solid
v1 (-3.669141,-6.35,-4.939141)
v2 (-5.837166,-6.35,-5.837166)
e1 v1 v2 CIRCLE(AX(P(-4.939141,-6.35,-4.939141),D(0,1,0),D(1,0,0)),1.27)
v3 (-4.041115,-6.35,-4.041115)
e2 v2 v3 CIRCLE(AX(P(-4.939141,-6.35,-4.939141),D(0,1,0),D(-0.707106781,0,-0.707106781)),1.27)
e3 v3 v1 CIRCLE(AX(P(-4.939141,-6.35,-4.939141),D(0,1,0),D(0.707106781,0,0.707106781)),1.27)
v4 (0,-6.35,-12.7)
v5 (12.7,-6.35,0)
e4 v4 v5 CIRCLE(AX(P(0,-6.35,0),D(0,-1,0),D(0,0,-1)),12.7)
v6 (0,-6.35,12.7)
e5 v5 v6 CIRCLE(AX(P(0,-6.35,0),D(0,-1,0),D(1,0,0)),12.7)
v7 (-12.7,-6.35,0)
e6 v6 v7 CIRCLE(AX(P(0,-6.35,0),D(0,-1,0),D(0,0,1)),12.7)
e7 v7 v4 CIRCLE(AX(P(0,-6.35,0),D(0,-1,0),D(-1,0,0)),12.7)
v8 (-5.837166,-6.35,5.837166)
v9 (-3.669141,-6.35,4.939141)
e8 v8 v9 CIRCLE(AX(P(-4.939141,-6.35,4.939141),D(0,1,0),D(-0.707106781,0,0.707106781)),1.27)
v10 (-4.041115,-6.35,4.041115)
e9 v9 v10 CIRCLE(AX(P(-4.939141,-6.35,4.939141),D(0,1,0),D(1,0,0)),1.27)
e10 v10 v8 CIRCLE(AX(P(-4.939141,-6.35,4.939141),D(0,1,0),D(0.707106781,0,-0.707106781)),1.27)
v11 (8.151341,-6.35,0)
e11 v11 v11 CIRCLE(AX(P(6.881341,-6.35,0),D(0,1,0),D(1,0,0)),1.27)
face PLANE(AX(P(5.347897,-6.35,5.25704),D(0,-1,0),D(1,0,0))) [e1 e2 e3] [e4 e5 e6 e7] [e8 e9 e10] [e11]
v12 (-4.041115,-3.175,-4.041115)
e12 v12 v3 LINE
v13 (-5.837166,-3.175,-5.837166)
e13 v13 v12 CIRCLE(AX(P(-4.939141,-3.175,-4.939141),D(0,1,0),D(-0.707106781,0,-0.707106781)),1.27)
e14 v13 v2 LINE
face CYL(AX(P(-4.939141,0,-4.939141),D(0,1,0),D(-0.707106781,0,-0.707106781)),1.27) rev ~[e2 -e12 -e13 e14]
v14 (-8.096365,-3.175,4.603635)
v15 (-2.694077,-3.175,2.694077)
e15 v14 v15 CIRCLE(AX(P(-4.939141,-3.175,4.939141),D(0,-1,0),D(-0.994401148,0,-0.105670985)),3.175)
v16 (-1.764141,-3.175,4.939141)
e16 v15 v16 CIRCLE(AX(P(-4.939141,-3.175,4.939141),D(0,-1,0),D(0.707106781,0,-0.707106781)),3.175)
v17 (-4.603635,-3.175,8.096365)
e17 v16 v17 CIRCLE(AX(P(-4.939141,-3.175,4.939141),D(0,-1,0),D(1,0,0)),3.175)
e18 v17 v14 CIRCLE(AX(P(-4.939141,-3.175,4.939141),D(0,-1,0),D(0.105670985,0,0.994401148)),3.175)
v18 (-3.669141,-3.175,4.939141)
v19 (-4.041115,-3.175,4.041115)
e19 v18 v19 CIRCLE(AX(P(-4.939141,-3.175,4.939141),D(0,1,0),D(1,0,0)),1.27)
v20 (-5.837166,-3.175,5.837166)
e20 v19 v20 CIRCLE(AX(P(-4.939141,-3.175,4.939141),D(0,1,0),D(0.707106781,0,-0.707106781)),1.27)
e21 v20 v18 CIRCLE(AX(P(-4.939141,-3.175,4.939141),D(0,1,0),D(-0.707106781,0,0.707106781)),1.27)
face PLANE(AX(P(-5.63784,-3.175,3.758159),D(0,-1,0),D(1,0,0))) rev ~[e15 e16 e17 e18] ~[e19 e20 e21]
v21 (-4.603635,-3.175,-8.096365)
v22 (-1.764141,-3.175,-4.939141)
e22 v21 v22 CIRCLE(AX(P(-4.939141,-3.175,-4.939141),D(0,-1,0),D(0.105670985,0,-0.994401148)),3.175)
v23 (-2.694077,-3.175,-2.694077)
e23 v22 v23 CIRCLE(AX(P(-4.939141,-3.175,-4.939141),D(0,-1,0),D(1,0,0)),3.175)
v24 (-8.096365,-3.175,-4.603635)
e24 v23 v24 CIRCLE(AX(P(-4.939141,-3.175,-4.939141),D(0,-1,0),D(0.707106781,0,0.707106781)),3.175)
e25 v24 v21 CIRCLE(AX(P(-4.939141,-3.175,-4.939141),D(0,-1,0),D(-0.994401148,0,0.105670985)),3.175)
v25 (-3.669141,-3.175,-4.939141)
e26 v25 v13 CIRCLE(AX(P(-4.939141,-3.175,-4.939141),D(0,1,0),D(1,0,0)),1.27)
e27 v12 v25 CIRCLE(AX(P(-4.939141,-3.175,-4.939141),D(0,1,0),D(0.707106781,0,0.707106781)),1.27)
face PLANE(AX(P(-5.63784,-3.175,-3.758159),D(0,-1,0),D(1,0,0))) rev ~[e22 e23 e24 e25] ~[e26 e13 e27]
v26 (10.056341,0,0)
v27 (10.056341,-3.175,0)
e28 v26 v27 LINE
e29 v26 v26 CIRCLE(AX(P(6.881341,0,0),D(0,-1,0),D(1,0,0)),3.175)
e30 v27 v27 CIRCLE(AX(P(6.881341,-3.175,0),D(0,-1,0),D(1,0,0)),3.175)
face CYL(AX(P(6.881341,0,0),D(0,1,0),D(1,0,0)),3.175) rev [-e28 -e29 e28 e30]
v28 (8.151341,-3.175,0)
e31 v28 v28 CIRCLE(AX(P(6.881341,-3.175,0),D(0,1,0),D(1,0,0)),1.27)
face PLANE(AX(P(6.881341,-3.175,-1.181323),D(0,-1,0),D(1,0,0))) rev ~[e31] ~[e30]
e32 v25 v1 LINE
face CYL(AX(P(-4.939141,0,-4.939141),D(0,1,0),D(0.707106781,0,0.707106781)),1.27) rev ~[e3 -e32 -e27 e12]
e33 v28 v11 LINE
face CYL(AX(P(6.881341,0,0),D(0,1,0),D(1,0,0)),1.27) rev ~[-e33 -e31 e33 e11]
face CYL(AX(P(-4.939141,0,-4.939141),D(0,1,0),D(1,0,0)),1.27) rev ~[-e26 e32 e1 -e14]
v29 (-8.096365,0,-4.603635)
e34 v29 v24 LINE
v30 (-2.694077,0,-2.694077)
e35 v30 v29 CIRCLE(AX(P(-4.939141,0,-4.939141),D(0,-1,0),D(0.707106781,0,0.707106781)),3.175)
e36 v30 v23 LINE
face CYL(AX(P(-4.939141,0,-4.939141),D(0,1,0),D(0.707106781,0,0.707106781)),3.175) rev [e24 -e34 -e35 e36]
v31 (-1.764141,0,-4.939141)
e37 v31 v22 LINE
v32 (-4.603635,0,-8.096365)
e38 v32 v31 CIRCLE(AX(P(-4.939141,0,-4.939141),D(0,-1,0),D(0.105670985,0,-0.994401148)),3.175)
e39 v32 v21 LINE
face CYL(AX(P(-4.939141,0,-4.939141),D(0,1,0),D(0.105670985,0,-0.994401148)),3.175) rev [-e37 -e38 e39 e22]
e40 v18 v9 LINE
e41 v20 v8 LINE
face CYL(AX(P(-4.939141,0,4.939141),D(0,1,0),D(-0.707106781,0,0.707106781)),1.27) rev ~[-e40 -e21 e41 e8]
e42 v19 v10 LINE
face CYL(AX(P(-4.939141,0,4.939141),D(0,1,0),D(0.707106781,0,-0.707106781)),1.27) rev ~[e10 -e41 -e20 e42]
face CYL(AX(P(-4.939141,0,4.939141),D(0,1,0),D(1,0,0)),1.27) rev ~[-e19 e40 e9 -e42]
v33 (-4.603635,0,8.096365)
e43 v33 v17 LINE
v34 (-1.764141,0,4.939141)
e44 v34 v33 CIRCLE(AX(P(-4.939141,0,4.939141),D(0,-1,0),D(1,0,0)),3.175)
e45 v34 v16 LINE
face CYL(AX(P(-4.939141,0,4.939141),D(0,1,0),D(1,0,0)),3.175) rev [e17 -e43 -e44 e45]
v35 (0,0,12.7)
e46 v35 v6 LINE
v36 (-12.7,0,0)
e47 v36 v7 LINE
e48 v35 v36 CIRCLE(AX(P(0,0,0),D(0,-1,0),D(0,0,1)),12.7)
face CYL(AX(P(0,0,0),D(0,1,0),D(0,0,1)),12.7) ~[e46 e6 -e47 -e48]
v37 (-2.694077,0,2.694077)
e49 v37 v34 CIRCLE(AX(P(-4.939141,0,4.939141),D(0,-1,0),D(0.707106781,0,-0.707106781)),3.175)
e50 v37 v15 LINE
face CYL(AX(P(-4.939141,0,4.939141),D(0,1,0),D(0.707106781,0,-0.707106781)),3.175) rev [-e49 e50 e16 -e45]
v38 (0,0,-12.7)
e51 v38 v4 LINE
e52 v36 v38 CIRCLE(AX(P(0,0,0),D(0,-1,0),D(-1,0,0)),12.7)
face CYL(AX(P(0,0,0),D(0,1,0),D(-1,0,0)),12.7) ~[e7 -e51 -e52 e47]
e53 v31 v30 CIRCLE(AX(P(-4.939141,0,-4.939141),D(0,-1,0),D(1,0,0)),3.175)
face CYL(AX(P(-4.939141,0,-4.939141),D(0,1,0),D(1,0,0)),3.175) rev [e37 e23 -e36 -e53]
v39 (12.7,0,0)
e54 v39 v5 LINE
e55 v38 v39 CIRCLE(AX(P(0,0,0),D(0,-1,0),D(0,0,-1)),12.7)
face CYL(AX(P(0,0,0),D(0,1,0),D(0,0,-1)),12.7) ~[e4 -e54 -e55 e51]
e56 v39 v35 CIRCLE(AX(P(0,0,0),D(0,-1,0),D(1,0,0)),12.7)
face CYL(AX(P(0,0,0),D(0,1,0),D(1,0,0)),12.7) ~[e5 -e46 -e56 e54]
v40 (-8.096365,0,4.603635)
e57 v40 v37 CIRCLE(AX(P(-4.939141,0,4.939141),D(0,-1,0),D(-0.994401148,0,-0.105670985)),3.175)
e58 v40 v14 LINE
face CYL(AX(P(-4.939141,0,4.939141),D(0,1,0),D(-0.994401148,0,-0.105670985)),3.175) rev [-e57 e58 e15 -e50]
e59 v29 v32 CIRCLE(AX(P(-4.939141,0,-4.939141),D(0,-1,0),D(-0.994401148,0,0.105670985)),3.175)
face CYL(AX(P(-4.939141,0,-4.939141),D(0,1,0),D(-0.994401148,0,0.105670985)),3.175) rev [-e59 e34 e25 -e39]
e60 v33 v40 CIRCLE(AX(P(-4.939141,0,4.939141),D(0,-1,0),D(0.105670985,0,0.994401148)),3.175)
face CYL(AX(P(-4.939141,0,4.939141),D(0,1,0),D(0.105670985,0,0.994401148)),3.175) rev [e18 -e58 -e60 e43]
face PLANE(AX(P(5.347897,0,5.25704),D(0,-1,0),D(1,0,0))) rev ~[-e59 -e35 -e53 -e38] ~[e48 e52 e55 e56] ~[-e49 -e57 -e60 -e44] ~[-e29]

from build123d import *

# Parameters (mm, degrees)
F1_DEPTH = 6.35
F2_DEPTH = 3.175


with BuildPart() as f1:
    # F0 (on Front) → F1 (new body)
    with BuildSketch(Plane.XZ):
        with BuildLine():
            Line((10.0563413382, 0), (12.7, 0))
            ThreePointArc((12.7, 0), (8.9802561211, 8.9802561211), (0, 12.7))
            Line((0, 12.7), (0, 0))
            Line((0, 0), (3.7063413382, 0))
            ThreePointArc((3.7063413382, 0), (6.8813413382, 3.175), (10.0563413382, 0))
        make_face()
        with BuildLine():
            ThreePointArc((0, -12.7), (8.9802561211, -8.9802561211), (12.7, 0))
            Line((12.7, 0), (10.0563413382, 0))
            ThreePointArc((10.0563413382, 0), (6.8813413382, -3.175), (3.7063413382, 0))
            Line((3.7063413382, 0), (0, 0))
            Line((0, 0), (0, -12.7))
        make_face()
        with BuildLine():
            Line((-4.6036354889, 8.0963645111), (0, 12.7))
            ThreePointArc((0, 12.7), (-8.9802561211, 8.9802561211), (-12.7, 0))
            Line((-12.7, 0), (-8.0963645111, 4.6036354889))
            ThreePointArc((-8.0963645111, 4.6036354889), (-7.1842048969, 7.1842048969), (-4.6036354889, 8.0963645111))
        make_face()
        with BuildLine():
            Line((0, 0), (0, 12.7))
            Line((0, 12.7), (-4.6036354889, 8.0963645111))
            ThreePointArc((-4.6036354889, 8.0963645111), (-2.5784360381, 7.0622748032), (-1.7641408666, 4.9391408666))
            ThreePointArc((-1.7641408666, 4.9391408666), (-2.0058233509, 3.7241209688), (-2.6940768363, 2.6940768363))
            Line((-2.6940768363, 2.6940768363), (0, 0))
        make_face()
        with BuildLine():
            Line((-4.6036354889, -8.0963645111), (0, -12.7))
            Line((0, -12.7), (0, 0))
            Line((0, 0), (-2.6940768363, -2.6940768363))
            ThreePointArc((-2.6940768363, -2.6940768363), (-2.0058233509, -3.7241209688), (-1.7641408666, -4.9391408666))
            ThreePointArc((-1.7641408666, -4.9391408666), (-2.5784360381, -7.0622748032), (-4.6036354889, -8.0963645111))
        make_face()
        with BuildLine():
            ThreePointArc((-12.7, 0), (-8.9802561211, -8.9802561211), (0, -12.7))
            Line((0, -12.7), (-4.6036354889, -8.0963645111))
            ThreePointArc((-4.6036354889, -8.0963645111), (-7.1842048969, -7.1842048969), (-8.0963645111, -4.6036354889))
            Line((-8.0963645111, -4.6036354889), (-12.7, 0))
        make_face()
        with BuildLine():
            Line((-8.0963645111, 4.6036354889), (-12.7, 0))
            Line((-12.7, 0), (0, 0))
            Line((0, 0), (-2.6940768363, 2.6940768363))
            ThreePointArc((-2.6940768363, 2.6940768363), (-5.9972582289, 1.945645811), (-8.0963645111, 4.6036354889))
        make_face()
        with BuildLine():
            Line((0, 0), (-12.7, 0))
            Line((-12.7, 0), (-8.0963645111, -4.6036354889))
            ThreePointArc((-8.0963645111, -4.6036354889), (-5.9972582289, -1.945645811), (-2.6940768363, -2.6940768363))
            Line((-2.6940768363, -2.6940768363), (0, 0))
        make_face()
        with BuildLine():
            Line((-6.35, 6.35), (-8.0963645111, 4.6036354889))
            ThreePointArc((-8.0963645111, 4.6036354889), (-5.9972582289, 1.945645811), (-2.6940768363, 2.6940768363))
            Line((-2.6940768363, 2.6940768363), (-4.0411152545, 4.0411152545))
            ThreePointArc((-4.0411152545, 4.0411152545), (-5.8371664787, 4.0411152545), (-5.8371664787, 5.8371664787))
            Line((-5.8371664787, 5.8371664787), (-6.35, 6.35))
        make_face()
        with BuildLine():
            ThreePointArc((-1.7641408666, 4.9391408666), (-2.5784360381, 7.0622748032), (-4.6036354889, 8.0963645111))
            Line((-4.6036354889, 8.0963645111), (-6.35, 6.35))
            Line((-6.35, 6.35), (-5.8371664787, 5.8371664787))
            ThreePointArc((-5.8371664787, 5.8371664787), (-4.4531329075, 6.1124678729), (-3.6691408666, 4.9391408666))
            ThreePointArc((-3.6691408666, 4.9391408666), (-3.7658138603, 4.4531329075), (-4.0411152545, 4.0411152545))
            Line((-4.0411152545, 4.0411152545), (-2.6940768363, 2.6940768363))
            ThreePointArc((-2.6940768363, 2.6940768363), (-2.0058233509, 3.7241209688), (-1.7641408666, 4.9391408666))
        make_face()
        with BuildLine():
            Line((-6.35, 6.35), (-4.6036354889, 8.0963645111))
            ThreePointArc((-4.6036354889, 8.0963645111), (-7.1842048969, 7.1842048969), (-8.0963645111, 4.6036354889))
            Line((-8.0963645111, 4.6036354889), (-6.35, 6.35))
        make_face()
        with BuildLine():
            Line((8.1513413382, 0), (10.0563413382, 0))
            ThreePointArc((10.0563413382, 0), (6.8813413382, 3.175), (3.7063413382, 0))
            Line((3.7063413382, 0), (5.6113413382, 0))
            ThreePointArc((5.6113413382, 0), (6.8813413382, 1.27), (8.1513413382, 0))
        make_face()
        with BuildLine():
            ThreePointArc((3.7063413382, 0), (6.8813413382, -3.175), (10.0563413382, 0))
            Line((10.0563413382, 0), (8.1513413382, 0))
            ThreePointArc((8.1513413382, 0), (6.8813413382, -1.27), (5.6113413382, 0))
            Line((5.6113413382, 0), (3.7063413382, 0))
        make_face()
        with BuildLine():
            Line((-6.35, -6.35), (-4.6036354889, -8.0963645111))
            ThreePointArc((-4.6036354889, -8.0963645111), (-2.5784360381, -7.0622748032), (-1.7641408666, -4.9391408666))
            ThreePointArc((-1.7641408666, -4.9391408666), (-2.0058233509, -3.7241209688), (-2.6940768363, -2.6940768363))
            Line((-2.6940768363, -2.6940768363), (-4.0411152545, -4.0411152545))
            ThreePointArc((-4.0411152545, -4.0411152545), (-3.7658138603, -4.4531329075), (-3.6691408666, -4.9391408666))
            ThreePointArc((-3.6691408666, -4.9391408666), (-4.4531329075, -6.1124678729), (-5.8371664787, -5.8371664787))
            Line((-5.8371664787, -5.8371664787), (-6.35, -6.35))
        make_face()
        with BuildLine():
            ThreePointArc((-2.6940768363, -2.6940768363), (-5.9972582289, -1.945645811), (-8.0963645111, -4.6036354889))
            Line((-8.0963645111, -4.6036354889), (-6.35, -6.35))
            Line((-6.35, -6.35), (-5.8371664787, -5.8371664787))
            ThreePointArc((-5.8371664787, -5.8371664787), (-5.8371664787, -4.0411152545), (-4.0411152545, -4.0411152545))
            Line((-4.0411152545, -4.0411152545), (-2.6940768363, -2.6940768363))
        make_face()
        with BuildLine():
            ThreePointArc((-8.0963645111, -4.6036354889), (-7.1842048969, -7.1842048969), (-4.6036354889, -8.0963645111))
            Line((-4.6036354889, -8.0963645111), (-6.35, -6.35))
            Line((-6.35, -6.35), (-8.0963645111, -4.6036354889))
        make_face()
    extrude(amount=F1_DEPTH)

    # F0 (on Front) → F2 (cut)
    with BuildSketch(Plane.XZ):
        with BuildLine():
            Line((-6.35, 6.35), (-8.0963645111, 4.6036354889))
            ThreePointArc((-8.0963645111, 4.6036354889), (-5.9972582289, 1.945645811), (-2.6940768363, 2.6940768363))
            Line((-2.6940768363, 2.6940768363), (-4.0411152545, 4.0411152545))
            ThreePointArc((-4.0411152545, 4.0411152545), (-5.8371664787, 4.0411152545), (-5.8371664787, 5.8371664787))
            Line((-5.8371664787, 5.8371664787), (-6.35, 6.35))
        make_face()
        with BuildLine():
            Line((-6.35, 6.35), (-4.6036354889, 8.0963645111))
            ThreePointArc((-4.6036354889, 8.0963645111), (-7.1842048969, 7.1842048969), (-8.0963645111, 4.6036354889))
            Line((-8.0963645111, 4.6036354889), (-6.35, 6.35))
        make_face()
        with BuildLine():
            ThreePointArc((-1.7641408666, 4.9391408666), (-2.5784360381, 7.0622748032), (-4.6036354889, 8.0963645111))
            Line((-4.6036354889, 8.0963645111), (-6.35, 6.35))
            Line((-6.35, 6.35), (-5.8371664787, 5.8371664787))
            ThreePointArc((-5.8371664787, 5.8371664787), (-4.4531329075, 6.1124678729), (-3.6691408666, 4.9391408666))
            ThreePointArc((-3.6691408666, 4.9391408666), (-3.7658138603, 4.4531329075), (-4.0411152545, 4.0411152545))
            Line((-4.0411152545, 4.0411152545), (-2.6940768363, 2.6940768363))
            ThreePointArc((-2.6940768363, 2.6940768363), (-2.0058233509, 3.7241209688), (-1.7641408666, 4.9391408666))
        make_face()
        with BuildLine():
            ThreePointArc((-2.6940768363, -2.6940768363), (-5.9972582289, -1.945645811), (-8.0963645111, -4.6036354889))
            Line((-8.0963645111, -4.6036354889), (-6.35, -6.35))
            Line((-6.35, -6.35), (-5.8371664787, -5.8371664787))
            ThreePointArc((-5.8371664787, -5.8371664787), (-5.8371664787, -4.0411152545), (-4.0411152545, -4.0411152545))
            Line((-4.0411152545, -4.0411152545), (-2.6940768363, -2.6940768363))
        make_face()
        with BuildLine():
            Line((-6.35, -6.35), (-4.6036354889, -8.0963645111))
            ThreePointArc((-4.6036354889, -8.0963645111), (-2.5784360381, -7.0622748032), (-1.7641408666, -4.9391408666))
            ThreePointArc((-1.7641408666, -4.9391408666), (-2.0058233509, -3.7241209688), (-2.6940768363, -2.6940768363))
            Line((-2.6940768363, -2.6940768363), (-4.0411152545, -4.0411152545))
            ThreePointArc((-4.0411152545, -4.0411152545), (-3.7658138603, -4.4531329075), (-3.6691408666, -4.9391408666))
            ThreePointArc((-3.6691408666, -4.9391408666), (-4.4531329075, -6.1124678729), (-5.8371664787, -5.8371664787))
            Line((-5.8371664787, -5.8371664787), (-6.35, -6.35))
        make_face()
        with BuildLine():
            ThreePointArc((-8.0963645111, -4.6036354889), (-7.1842048969, -7.1842048969), (-4.6036354889, -8.0963645111))
            Line((-4.6036354889, -8.0963645111), (-6.35, -6.35))
            Line((-6.35, -6.35), (-8.0963645111, -4.6036354889))
        make_face()
        with BuildLine():
            ThreePointArc((3.7063413382, 0), (6.8813413382, -3.175), (10.0563413382, 0))
            Line((10.0563413382, 0), (8.1513413382, 0))
            ThreePointArc((8.1513413382, 0), (6.8813413382, -1.27), (5.6113413382, 0))
            Line((5.6113413382, 0), (3.7063413382, 0))
        make_face()
        with BuildLine():
            Line((8.1513413382, 0), (10.0563413382, 0))
            ThreePointArc((10.0563413382, 0), (6.8813413382, 3.175), (3.7063413382, 0))
            Line((3.7063413382, 0), (5.6113413382, 0))
            ThreePointArc((5.6113413382, 0), (6.8813413382, 1.27), (8.1513413382, 0))
        make_face()
    extrude(amount=F2_DEPTH, mode=Mode.SUBTRACT)


solid = f1.part
